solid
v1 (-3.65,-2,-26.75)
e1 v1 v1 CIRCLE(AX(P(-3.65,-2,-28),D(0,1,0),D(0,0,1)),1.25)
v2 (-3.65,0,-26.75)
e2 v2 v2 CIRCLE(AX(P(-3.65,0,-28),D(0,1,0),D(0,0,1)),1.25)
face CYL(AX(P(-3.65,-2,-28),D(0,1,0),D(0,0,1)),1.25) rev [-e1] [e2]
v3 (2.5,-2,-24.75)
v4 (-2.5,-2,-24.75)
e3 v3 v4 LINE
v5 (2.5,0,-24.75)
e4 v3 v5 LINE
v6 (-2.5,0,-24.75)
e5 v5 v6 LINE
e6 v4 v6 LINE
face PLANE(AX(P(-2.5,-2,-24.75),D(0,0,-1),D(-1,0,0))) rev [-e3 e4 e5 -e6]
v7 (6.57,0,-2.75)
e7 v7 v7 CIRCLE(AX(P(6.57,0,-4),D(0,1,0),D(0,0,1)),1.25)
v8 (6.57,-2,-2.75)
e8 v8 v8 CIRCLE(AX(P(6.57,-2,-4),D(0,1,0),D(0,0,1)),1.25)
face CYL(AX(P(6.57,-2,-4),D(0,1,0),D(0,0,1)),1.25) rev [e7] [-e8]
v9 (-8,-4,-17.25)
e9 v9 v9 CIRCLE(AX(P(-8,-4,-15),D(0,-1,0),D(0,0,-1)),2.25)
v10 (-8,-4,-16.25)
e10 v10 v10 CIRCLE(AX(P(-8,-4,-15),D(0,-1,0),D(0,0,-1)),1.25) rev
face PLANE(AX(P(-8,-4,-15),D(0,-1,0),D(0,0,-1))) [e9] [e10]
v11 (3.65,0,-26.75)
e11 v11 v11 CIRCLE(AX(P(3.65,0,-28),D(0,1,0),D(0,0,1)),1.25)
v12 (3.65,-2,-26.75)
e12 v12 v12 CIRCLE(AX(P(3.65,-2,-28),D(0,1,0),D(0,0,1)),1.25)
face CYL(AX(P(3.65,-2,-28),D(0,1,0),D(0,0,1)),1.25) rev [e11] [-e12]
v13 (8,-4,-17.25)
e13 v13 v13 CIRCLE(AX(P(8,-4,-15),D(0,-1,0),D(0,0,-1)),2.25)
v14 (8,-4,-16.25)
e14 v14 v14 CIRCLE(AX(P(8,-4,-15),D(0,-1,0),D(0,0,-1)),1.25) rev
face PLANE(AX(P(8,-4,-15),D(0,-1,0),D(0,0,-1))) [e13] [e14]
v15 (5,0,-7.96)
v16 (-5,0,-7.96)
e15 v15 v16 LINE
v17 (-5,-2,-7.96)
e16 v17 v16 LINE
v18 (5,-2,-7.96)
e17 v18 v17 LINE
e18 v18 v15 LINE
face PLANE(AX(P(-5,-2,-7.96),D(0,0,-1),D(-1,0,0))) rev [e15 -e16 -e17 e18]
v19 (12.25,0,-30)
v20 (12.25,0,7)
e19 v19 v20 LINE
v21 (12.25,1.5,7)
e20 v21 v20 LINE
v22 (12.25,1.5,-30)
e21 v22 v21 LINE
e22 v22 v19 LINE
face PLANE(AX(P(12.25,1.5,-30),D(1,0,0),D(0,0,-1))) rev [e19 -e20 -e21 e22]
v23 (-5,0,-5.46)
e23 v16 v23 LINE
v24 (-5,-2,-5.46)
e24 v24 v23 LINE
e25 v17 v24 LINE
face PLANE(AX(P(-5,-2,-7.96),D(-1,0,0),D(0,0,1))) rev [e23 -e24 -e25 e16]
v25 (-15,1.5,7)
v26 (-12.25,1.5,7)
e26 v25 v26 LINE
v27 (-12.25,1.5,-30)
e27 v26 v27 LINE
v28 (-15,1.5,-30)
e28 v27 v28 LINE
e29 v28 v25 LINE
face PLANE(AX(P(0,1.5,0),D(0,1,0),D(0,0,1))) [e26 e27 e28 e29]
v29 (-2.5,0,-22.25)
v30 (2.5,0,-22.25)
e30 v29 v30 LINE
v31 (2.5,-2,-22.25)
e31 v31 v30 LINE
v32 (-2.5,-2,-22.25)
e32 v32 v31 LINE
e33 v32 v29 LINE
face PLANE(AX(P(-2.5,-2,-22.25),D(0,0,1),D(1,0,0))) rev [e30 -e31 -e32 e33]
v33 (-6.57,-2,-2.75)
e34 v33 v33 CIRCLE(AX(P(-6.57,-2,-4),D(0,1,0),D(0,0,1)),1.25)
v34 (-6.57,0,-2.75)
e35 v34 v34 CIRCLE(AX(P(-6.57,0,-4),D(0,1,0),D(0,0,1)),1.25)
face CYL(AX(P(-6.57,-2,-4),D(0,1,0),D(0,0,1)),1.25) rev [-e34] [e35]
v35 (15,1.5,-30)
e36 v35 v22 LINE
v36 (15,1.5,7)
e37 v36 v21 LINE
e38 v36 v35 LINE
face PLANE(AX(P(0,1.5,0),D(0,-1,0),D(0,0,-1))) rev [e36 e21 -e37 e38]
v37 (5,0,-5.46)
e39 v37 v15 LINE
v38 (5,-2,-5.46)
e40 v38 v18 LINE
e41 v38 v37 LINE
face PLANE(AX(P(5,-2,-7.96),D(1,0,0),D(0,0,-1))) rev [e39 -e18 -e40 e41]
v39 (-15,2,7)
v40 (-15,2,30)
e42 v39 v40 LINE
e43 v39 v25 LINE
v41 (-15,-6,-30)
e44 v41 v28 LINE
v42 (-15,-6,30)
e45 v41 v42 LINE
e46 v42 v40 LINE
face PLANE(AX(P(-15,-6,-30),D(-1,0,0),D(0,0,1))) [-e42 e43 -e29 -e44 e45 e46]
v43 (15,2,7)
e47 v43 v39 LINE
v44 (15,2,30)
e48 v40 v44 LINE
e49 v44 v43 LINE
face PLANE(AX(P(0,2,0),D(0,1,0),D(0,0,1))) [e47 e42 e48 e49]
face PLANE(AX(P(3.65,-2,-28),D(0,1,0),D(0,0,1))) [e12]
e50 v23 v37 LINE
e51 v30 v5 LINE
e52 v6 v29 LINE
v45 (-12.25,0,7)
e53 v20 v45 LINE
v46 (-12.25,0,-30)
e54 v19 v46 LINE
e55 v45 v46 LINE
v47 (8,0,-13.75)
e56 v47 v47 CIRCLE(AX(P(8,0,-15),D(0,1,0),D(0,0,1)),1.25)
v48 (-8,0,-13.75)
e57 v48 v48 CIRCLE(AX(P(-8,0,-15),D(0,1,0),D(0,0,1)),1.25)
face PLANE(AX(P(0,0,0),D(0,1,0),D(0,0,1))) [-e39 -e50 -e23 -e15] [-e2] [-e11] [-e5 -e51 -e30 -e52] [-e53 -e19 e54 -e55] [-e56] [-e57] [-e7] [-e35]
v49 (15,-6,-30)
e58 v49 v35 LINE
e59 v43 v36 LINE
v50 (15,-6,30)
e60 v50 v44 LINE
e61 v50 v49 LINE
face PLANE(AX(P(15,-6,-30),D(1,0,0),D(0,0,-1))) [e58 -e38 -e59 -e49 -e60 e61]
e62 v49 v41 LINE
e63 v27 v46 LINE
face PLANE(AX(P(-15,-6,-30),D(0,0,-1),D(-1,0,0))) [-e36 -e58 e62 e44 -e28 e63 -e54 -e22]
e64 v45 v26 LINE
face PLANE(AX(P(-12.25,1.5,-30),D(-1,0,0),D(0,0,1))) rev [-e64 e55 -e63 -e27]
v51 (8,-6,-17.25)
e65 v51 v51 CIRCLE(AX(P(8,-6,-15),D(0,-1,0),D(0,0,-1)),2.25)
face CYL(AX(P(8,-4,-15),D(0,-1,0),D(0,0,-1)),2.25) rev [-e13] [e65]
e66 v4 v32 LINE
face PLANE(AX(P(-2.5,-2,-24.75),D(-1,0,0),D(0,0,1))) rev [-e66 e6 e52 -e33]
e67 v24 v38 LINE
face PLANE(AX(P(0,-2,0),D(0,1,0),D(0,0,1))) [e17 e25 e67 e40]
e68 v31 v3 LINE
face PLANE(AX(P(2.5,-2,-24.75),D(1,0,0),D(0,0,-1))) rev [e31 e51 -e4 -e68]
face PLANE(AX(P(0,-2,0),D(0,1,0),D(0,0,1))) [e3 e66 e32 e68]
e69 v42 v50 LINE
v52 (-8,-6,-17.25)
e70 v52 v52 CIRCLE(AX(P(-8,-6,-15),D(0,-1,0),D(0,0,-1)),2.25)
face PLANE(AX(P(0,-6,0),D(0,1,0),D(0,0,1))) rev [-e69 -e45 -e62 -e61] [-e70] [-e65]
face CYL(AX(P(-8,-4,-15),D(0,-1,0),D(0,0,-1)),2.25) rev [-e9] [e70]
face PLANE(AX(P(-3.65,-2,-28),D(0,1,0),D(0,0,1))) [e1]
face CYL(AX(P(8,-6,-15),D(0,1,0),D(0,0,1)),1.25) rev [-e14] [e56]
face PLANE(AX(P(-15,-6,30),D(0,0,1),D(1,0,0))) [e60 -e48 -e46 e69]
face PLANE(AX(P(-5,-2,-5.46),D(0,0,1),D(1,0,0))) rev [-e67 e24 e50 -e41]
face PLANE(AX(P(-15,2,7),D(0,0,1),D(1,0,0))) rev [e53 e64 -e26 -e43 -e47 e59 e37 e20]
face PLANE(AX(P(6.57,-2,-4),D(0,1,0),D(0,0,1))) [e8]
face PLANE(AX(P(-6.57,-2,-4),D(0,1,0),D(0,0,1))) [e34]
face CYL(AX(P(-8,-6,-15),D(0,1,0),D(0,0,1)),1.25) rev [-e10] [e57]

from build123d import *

# Parameters (mm, degrees)
SKETCH1_W           = 30
SKETCH1_H           = 60
SKETCH1_R           = 1.25
BOSS_EXTRUDE1_DEPTH = 6
SKETCH2_R           = 2.25
CUT_EXTRUDE1_DEPTH  = 2
SKETCH3_W           = 2.75
SKETCH3_H           = 60
BOSS_EXTRUDE2_DEPTH = 1.5
SKETCH4_R           = 1.25
SKETCH4_W           = 5
SKETCH4_H           = 2.5
SKETCH4_W_2         = 10
CUT_EXTRUDE2_DEPTH  = 2
SKETCH5_W           = 30
SKETCH5_H           = 23
BOSS_EXTRUDE3_DEPTH = 2


with BuildPart() as part:
    # Sketch1 → Boss-Extrude1 (new body)
    with BuildSketch(Plane(origin=(0, 0, 0), x_dir=(1, 0, 0), z_dir=(0, 1, 0))):
        Rectangle(SKETCH1_W, SKETCH1_H)
        with Locations(Location((-8, 15, 0), (0, 0, 270))):
            Circle(SKETCH1_R, mode=Mode.SUBTRACT)
        with Locations(Location((8, 15, 0), (0, 0, 270))):
            Circle(SKETCH1_R, mode=Mode.SUBTRACT)
    extrude(amount=-BOSS_EXTRUDE1_DEPTH)

    # Sketch2 → Cut-Extrude1 (cut)
    with BuildSketch(Plane(origin=(0, -6, 0), x_dir=(-1, 0, 0), z_dir=(0, -1, 0))):
        with Locations(Location((-8, 15, 0), (0, 0, 90))):
            Circle(SKETCH2_R)
        with Locations(Location((8, 15, 0), (0, 0, 90))):
            Circle(SKETCH2_R)
    extrude(amount=-CUT_EXTRUDE1_DEPTH, mode=Mode.SUBTRACT)

    # Sketch3 → Boss-Extrude2 (add)
    with BuildSketch(Plane(origin=(0, 0, 0), x_dir=(1, 0, 0), z_dir=(0, 1, 0))):
        with Locations((-13.625, 0)):
            Rectangle(SKETCH3_W, SKETCH3_H)
        with Locations((13.625, 0)):
            Rectangle(SKETCH3_W, SKETCH3_H)
    extrude(amount=BOSS_EXTRUDE2_DEPTH)

    # Sketch4 → Cut-Extrude2 (cut)
    with BuildSketch(Plane(origin=(0, 0, 0), x_dir=(1, 0, 0), z_dir=(0, 1, 0))):
        with Locations(Location((-3.65, 28, 0), (0, 0, 270))):
            Circle(SKETCH4_R)
        with Locations(Location((3.65, 28, 0), (0, 0, 270))):
            Circle(SKETCH4_R)
        with Locations(Location((-6.57, 4, 0), (0, 0, 270))):
            Circle(SKETCH4_R)
        with Locations(Location((6.57, 4, 0), (0, 0, 270))):
            Circle(SKETCH4_R)
        with Locations((0, 23.5)):
            Rectangle(SKETCH4_W, SKETCH4_H)
        with Locations((0, 6.71)):
            Rectangle(SKETCH4_W_2, SKETCH4_H)
    extrude(amount=-CUT_EXTRUDE2_DEPTH, mode=Mode.SUBTRACT)

    # Sketch5 → Boss-Extrude3 (add)
    with BuildSketch(Plane(origin=(0, 0, 0), x_dir=(1, 0, 0), z_dir=(0, 1, 0))):
        with Locations((0, -18.5)):
            Rectangle(SKETCH5_W, SKETCH5_H)
    extrude(amount=BOSS_EXTRUDE3_DEPTH)


solid = part.part
